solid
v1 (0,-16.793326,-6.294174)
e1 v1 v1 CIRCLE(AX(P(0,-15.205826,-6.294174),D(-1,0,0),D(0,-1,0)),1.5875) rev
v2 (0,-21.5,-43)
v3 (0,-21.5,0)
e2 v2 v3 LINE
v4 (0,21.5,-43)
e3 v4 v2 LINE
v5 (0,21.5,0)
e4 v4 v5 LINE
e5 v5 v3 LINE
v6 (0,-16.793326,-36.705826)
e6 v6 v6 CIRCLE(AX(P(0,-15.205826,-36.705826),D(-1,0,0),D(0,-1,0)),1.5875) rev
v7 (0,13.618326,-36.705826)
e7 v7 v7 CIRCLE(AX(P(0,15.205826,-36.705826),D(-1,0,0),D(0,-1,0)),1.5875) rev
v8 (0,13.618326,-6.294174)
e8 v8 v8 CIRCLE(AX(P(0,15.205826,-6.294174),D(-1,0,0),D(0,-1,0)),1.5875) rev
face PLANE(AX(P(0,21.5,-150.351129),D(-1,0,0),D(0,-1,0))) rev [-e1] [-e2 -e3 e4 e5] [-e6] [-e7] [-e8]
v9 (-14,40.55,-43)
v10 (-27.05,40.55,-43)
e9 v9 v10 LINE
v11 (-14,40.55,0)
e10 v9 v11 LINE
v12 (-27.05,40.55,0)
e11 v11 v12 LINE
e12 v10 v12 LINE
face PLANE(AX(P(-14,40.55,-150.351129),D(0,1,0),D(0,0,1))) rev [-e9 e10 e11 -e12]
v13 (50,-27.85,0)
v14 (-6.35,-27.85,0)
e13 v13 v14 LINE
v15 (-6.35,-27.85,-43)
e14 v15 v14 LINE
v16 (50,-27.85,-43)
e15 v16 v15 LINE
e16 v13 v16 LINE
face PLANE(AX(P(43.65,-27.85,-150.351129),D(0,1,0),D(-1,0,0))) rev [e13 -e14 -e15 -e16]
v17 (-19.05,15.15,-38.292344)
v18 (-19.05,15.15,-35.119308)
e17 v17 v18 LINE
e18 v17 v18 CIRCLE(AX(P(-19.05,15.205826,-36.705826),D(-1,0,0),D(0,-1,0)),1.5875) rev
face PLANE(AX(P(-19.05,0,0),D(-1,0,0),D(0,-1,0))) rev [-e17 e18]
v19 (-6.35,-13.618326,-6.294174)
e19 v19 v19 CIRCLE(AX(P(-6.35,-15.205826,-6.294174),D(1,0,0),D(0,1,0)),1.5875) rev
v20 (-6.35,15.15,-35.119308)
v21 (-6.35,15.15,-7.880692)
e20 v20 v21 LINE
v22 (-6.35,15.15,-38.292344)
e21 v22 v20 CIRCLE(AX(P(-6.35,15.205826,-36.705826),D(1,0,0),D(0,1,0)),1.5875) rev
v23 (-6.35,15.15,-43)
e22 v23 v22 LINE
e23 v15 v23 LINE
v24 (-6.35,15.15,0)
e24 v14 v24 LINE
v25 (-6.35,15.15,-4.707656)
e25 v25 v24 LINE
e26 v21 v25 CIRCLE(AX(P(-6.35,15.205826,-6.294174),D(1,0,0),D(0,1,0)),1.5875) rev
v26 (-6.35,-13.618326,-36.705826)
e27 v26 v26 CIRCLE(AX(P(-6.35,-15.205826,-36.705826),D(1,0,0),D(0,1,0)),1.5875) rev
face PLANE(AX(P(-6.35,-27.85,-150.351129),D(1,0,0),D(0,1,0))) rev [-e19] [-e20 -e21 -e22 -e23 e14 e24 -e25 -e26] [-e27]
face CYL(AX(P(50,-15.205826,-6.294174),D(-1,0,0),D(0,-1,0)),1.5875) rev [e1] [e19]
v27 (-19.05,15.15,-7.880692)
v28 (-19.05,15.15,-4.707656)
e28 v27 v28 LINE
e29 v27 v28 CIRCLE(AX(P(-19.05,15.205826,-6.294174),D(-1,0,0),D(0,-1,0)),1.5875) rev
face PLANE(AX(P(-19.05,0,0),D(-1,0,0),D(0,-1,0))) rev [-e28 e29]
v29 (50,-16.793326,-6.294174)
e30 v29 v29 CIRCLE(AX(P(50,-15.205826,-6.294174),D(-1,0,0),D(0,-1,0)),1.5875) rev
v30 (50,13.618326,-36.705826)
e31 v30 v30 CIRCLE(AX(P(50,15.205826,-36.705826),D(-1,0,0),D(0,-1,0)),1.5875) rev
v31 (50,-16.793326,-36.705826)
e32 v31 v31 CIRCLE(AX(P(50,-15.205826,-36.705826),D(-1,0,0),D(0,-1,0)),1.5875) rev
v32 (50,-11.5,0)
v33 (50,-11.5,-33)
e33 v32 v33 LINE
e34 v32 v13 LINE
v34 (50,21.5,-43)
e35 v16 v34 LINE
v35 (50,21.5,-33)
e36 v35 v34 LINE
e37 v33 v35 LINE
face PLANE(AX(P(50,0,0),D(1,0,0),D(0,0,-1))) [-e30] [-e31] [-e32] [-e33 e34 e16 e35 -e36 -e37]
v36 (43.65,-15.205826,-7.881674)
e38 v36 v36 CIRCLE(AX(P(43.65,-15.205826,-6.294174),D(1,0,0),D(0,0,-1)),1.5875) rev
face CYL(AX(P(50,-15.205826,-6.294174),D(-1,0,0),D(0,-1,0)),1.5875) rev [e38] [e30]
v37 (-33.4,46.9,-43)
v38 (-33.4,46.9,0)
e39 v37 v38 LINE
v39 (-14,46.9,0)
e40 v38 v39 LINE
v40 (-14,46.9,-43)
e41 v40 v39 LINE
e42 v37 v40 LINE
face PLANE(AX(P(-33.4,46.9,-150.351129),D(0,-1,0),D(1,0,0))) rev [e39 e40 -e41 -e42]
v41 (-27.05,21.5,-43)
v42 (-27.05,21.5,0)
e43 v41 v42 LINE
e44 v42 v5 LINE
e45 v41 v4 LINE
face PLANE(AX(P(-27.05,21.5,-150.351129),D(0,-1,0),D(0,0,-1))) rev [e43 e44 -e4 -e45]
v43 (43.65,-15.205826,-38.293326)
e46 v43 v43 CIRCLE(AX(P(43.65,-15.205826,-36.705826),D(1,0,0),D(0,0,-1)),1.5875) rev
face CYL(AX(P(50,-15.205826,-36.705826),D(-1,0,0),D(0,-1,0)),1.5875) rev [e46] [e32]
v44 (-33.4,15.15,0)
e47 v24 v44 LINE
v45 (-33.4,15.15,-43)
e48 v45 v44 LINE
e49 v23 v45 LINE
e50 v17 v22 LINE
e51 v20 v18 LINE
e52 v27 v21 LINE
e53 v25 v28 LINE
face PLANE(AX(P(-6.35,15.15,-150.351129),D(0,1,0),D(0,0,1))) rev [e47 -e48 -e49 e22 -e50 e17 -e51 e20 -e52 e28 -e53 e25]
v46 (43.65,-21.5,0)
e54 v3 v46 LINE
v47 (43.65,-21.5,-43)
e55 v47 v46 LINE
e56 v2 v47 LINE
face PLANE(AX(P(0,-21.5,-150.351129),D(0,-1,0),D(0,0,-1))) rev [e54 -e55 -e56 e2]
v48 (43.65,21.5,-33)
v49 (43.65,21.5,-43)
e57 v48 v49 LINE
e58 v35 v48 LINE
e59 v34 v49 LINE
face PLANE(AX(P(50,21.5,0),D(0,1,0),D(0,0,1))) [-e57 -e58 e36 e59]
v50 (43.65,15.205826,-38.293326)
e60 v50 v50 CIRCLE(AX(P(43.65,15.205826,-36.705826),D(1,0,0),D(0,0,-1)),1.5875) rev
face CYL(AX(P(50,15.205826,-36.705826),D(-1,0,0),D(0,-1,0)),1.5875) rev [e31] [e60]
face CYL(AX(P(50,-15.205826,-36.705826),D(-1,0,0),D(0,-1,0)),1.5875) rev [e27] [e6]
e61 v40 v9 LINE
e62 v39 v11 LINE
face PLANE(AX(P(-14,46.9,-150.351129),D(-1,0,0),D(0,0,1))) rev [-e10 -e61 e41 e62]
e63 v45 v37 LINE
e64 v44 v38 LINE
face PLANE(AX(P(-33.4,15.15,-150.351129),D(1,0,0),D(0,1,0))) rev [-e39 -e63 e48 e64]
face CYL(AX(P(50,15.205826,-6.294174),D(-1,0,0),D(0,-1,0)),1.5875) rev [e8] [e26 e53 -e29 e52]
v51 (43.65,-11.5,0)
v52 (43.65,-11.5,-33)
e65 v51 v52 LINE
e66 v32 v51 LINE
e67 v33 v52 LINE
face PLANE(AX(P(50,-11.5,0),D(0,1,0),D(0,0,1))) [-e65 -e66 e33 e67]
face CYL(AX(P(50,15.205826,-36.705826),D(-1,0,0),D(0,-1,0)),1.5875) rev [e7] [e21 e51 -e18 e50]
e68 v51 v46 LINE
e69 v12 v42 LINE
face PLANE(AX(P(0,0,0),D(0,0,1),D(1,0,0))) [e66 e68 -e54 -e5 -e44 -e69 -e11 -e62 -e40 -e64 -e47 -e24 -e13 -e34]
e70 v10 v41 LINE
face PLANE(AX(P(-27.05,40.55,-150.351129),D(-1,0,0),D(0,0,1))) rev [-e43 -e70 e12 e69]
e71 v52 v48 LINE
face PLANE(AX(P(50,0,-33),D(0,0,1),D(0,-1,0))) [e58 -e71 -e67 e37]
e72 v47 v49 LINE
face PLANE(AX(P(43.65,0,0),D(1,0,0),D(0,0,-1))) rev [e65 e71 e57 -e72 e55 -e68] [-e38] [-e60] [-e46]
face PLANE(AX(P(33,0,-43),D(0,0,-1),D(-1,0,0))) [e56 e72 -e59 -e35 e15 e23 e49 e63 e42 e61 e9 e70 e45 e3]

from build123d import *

# Parameters (mm, degrees)
BOSS_EXTRUDE1_DEPTH     = 43
SKETCH2_W               = 33
SKETCH2_H               = 6.35
SKETCH2_H_2             = 10
SKETCH2_R               = 1.5
SKETCH2_W_2             = 10
BOSS_EXTRUDE2_DEPTH     = 6.35
CUT_EXTRUDE1_DEPTH      = 85.993720356
CUT_EXTRUDE1_DEPTH_BACK = 12.7
SKETCH3_R               = 1.5875


with BuildPart() as part:
    # Sketch1 → Boss-Extrude1 (new body)
    with BuildSketch(Plane.XY):
        Polygon((-6.35, -27.85), (-6.35, 15.15), (-33.4, 15.15), (-33.4, 46.9), (-14, 46.9), (-14, 40.55), (-27.05, 40.55), (-27.05, 21.5), (0, 21.5), (0, -21.5), (43.65, -21.5), (43.65, -27.85), align=None)
    extrude(amount=-BOSS_EXTRUDE1_DEPTH)

    # Sketch2 → Boss-Extrude2 (add)
    # profile 1 of 4: a face of its own
    with BuildSketch(Plane(origin=(43.65, 0, 0), x_dir=(0, 0, -1), z_dir=(1, 0, 0))):
        with Locations((16.5, -24.675)):
            Rectangle(SKETCH2_W, SKETCH2_H)
    # profile 2 of 4: a face of its own
    with BuildSketch(Plane(origin=(43.65, 0, 0), x_dir=(0, 0, -1), z_dir=(1, 0, 0))):
        with Locations((16.5, -16.5)):
            Rectangle(SKETCH2_W, SKETCH2_H_2)
        with Locations((6.294174233, -15.205825767)):
            Circle(SKETCH2_R, mode=Mode.SUBTRACT)
    # profile 3 of 4: a face of its own
    with BuildSketch(Plane(origin=(43.65, 0, 0), x_dir=(0, 0, -1), z_dir=(1, 0, 0))):
        with Locations((38, -24.675)):
            Rectangle(SKETCH2_W_2, SKETCH2_H)
    # profile 4 of 4: a face of its own
    with BuildSketch(Plane(origin=(43.65, 0, 0), x_dir=(0, 0, -1), z_dir=(1, 0, 0))):
        Polygon((33, -11.5), (33, -21.5), (43, -21.5), (43, 21.5), (33, 21.5), align=None)
        with Locations((36.705825767, -15.205825767)):
            Circle(SKETCH2_R, mode=Mode.SUBTRACT)
        with Locations((36.705825767, 15.205825767)):
            Circle(SKETCH2_R, mode=Mode.SUBTRACT)
    extrude(amount=BOSS_EXTRUDE2_DEPTH)

    # Sketch3 → Cut-Extrude1 (cut, two sides: drawn at the far end of the back side and taken through both)
    with BuildSketch(Plane(origin=(-6.35, 0, 0), x_dir=(0, 0, -1), z_dir=(1, 0, 0)).offset(-CUT_EXTRUDE1_DEPTH_BACK)):
        with Locations(Location((6.294174233, -15.205825767, 0), (0, 0, 270))):
            Circle(SKETCH3_R)
        with Locations(Location((6.294174233, 15.205825767, 0), (0, 0, 270))):
            Circle(SKETCH3_R)
        with Locations(Location((36.705825767, 15.205825767, 0), (0, 0, 270))):
            Circle(SKETCH3_R)
        with Locations(Location((36.705825767, -15.205825767, 0), (0, 0, 270))):
            Circle(SKETCH3_R)
    extrude(amount=CUT_EXTRUDE1_DEPTH + CUT_EXTRUDE1_DEPTH_BACK, mode=Mode.SUBTRACT)


solid = part.part
